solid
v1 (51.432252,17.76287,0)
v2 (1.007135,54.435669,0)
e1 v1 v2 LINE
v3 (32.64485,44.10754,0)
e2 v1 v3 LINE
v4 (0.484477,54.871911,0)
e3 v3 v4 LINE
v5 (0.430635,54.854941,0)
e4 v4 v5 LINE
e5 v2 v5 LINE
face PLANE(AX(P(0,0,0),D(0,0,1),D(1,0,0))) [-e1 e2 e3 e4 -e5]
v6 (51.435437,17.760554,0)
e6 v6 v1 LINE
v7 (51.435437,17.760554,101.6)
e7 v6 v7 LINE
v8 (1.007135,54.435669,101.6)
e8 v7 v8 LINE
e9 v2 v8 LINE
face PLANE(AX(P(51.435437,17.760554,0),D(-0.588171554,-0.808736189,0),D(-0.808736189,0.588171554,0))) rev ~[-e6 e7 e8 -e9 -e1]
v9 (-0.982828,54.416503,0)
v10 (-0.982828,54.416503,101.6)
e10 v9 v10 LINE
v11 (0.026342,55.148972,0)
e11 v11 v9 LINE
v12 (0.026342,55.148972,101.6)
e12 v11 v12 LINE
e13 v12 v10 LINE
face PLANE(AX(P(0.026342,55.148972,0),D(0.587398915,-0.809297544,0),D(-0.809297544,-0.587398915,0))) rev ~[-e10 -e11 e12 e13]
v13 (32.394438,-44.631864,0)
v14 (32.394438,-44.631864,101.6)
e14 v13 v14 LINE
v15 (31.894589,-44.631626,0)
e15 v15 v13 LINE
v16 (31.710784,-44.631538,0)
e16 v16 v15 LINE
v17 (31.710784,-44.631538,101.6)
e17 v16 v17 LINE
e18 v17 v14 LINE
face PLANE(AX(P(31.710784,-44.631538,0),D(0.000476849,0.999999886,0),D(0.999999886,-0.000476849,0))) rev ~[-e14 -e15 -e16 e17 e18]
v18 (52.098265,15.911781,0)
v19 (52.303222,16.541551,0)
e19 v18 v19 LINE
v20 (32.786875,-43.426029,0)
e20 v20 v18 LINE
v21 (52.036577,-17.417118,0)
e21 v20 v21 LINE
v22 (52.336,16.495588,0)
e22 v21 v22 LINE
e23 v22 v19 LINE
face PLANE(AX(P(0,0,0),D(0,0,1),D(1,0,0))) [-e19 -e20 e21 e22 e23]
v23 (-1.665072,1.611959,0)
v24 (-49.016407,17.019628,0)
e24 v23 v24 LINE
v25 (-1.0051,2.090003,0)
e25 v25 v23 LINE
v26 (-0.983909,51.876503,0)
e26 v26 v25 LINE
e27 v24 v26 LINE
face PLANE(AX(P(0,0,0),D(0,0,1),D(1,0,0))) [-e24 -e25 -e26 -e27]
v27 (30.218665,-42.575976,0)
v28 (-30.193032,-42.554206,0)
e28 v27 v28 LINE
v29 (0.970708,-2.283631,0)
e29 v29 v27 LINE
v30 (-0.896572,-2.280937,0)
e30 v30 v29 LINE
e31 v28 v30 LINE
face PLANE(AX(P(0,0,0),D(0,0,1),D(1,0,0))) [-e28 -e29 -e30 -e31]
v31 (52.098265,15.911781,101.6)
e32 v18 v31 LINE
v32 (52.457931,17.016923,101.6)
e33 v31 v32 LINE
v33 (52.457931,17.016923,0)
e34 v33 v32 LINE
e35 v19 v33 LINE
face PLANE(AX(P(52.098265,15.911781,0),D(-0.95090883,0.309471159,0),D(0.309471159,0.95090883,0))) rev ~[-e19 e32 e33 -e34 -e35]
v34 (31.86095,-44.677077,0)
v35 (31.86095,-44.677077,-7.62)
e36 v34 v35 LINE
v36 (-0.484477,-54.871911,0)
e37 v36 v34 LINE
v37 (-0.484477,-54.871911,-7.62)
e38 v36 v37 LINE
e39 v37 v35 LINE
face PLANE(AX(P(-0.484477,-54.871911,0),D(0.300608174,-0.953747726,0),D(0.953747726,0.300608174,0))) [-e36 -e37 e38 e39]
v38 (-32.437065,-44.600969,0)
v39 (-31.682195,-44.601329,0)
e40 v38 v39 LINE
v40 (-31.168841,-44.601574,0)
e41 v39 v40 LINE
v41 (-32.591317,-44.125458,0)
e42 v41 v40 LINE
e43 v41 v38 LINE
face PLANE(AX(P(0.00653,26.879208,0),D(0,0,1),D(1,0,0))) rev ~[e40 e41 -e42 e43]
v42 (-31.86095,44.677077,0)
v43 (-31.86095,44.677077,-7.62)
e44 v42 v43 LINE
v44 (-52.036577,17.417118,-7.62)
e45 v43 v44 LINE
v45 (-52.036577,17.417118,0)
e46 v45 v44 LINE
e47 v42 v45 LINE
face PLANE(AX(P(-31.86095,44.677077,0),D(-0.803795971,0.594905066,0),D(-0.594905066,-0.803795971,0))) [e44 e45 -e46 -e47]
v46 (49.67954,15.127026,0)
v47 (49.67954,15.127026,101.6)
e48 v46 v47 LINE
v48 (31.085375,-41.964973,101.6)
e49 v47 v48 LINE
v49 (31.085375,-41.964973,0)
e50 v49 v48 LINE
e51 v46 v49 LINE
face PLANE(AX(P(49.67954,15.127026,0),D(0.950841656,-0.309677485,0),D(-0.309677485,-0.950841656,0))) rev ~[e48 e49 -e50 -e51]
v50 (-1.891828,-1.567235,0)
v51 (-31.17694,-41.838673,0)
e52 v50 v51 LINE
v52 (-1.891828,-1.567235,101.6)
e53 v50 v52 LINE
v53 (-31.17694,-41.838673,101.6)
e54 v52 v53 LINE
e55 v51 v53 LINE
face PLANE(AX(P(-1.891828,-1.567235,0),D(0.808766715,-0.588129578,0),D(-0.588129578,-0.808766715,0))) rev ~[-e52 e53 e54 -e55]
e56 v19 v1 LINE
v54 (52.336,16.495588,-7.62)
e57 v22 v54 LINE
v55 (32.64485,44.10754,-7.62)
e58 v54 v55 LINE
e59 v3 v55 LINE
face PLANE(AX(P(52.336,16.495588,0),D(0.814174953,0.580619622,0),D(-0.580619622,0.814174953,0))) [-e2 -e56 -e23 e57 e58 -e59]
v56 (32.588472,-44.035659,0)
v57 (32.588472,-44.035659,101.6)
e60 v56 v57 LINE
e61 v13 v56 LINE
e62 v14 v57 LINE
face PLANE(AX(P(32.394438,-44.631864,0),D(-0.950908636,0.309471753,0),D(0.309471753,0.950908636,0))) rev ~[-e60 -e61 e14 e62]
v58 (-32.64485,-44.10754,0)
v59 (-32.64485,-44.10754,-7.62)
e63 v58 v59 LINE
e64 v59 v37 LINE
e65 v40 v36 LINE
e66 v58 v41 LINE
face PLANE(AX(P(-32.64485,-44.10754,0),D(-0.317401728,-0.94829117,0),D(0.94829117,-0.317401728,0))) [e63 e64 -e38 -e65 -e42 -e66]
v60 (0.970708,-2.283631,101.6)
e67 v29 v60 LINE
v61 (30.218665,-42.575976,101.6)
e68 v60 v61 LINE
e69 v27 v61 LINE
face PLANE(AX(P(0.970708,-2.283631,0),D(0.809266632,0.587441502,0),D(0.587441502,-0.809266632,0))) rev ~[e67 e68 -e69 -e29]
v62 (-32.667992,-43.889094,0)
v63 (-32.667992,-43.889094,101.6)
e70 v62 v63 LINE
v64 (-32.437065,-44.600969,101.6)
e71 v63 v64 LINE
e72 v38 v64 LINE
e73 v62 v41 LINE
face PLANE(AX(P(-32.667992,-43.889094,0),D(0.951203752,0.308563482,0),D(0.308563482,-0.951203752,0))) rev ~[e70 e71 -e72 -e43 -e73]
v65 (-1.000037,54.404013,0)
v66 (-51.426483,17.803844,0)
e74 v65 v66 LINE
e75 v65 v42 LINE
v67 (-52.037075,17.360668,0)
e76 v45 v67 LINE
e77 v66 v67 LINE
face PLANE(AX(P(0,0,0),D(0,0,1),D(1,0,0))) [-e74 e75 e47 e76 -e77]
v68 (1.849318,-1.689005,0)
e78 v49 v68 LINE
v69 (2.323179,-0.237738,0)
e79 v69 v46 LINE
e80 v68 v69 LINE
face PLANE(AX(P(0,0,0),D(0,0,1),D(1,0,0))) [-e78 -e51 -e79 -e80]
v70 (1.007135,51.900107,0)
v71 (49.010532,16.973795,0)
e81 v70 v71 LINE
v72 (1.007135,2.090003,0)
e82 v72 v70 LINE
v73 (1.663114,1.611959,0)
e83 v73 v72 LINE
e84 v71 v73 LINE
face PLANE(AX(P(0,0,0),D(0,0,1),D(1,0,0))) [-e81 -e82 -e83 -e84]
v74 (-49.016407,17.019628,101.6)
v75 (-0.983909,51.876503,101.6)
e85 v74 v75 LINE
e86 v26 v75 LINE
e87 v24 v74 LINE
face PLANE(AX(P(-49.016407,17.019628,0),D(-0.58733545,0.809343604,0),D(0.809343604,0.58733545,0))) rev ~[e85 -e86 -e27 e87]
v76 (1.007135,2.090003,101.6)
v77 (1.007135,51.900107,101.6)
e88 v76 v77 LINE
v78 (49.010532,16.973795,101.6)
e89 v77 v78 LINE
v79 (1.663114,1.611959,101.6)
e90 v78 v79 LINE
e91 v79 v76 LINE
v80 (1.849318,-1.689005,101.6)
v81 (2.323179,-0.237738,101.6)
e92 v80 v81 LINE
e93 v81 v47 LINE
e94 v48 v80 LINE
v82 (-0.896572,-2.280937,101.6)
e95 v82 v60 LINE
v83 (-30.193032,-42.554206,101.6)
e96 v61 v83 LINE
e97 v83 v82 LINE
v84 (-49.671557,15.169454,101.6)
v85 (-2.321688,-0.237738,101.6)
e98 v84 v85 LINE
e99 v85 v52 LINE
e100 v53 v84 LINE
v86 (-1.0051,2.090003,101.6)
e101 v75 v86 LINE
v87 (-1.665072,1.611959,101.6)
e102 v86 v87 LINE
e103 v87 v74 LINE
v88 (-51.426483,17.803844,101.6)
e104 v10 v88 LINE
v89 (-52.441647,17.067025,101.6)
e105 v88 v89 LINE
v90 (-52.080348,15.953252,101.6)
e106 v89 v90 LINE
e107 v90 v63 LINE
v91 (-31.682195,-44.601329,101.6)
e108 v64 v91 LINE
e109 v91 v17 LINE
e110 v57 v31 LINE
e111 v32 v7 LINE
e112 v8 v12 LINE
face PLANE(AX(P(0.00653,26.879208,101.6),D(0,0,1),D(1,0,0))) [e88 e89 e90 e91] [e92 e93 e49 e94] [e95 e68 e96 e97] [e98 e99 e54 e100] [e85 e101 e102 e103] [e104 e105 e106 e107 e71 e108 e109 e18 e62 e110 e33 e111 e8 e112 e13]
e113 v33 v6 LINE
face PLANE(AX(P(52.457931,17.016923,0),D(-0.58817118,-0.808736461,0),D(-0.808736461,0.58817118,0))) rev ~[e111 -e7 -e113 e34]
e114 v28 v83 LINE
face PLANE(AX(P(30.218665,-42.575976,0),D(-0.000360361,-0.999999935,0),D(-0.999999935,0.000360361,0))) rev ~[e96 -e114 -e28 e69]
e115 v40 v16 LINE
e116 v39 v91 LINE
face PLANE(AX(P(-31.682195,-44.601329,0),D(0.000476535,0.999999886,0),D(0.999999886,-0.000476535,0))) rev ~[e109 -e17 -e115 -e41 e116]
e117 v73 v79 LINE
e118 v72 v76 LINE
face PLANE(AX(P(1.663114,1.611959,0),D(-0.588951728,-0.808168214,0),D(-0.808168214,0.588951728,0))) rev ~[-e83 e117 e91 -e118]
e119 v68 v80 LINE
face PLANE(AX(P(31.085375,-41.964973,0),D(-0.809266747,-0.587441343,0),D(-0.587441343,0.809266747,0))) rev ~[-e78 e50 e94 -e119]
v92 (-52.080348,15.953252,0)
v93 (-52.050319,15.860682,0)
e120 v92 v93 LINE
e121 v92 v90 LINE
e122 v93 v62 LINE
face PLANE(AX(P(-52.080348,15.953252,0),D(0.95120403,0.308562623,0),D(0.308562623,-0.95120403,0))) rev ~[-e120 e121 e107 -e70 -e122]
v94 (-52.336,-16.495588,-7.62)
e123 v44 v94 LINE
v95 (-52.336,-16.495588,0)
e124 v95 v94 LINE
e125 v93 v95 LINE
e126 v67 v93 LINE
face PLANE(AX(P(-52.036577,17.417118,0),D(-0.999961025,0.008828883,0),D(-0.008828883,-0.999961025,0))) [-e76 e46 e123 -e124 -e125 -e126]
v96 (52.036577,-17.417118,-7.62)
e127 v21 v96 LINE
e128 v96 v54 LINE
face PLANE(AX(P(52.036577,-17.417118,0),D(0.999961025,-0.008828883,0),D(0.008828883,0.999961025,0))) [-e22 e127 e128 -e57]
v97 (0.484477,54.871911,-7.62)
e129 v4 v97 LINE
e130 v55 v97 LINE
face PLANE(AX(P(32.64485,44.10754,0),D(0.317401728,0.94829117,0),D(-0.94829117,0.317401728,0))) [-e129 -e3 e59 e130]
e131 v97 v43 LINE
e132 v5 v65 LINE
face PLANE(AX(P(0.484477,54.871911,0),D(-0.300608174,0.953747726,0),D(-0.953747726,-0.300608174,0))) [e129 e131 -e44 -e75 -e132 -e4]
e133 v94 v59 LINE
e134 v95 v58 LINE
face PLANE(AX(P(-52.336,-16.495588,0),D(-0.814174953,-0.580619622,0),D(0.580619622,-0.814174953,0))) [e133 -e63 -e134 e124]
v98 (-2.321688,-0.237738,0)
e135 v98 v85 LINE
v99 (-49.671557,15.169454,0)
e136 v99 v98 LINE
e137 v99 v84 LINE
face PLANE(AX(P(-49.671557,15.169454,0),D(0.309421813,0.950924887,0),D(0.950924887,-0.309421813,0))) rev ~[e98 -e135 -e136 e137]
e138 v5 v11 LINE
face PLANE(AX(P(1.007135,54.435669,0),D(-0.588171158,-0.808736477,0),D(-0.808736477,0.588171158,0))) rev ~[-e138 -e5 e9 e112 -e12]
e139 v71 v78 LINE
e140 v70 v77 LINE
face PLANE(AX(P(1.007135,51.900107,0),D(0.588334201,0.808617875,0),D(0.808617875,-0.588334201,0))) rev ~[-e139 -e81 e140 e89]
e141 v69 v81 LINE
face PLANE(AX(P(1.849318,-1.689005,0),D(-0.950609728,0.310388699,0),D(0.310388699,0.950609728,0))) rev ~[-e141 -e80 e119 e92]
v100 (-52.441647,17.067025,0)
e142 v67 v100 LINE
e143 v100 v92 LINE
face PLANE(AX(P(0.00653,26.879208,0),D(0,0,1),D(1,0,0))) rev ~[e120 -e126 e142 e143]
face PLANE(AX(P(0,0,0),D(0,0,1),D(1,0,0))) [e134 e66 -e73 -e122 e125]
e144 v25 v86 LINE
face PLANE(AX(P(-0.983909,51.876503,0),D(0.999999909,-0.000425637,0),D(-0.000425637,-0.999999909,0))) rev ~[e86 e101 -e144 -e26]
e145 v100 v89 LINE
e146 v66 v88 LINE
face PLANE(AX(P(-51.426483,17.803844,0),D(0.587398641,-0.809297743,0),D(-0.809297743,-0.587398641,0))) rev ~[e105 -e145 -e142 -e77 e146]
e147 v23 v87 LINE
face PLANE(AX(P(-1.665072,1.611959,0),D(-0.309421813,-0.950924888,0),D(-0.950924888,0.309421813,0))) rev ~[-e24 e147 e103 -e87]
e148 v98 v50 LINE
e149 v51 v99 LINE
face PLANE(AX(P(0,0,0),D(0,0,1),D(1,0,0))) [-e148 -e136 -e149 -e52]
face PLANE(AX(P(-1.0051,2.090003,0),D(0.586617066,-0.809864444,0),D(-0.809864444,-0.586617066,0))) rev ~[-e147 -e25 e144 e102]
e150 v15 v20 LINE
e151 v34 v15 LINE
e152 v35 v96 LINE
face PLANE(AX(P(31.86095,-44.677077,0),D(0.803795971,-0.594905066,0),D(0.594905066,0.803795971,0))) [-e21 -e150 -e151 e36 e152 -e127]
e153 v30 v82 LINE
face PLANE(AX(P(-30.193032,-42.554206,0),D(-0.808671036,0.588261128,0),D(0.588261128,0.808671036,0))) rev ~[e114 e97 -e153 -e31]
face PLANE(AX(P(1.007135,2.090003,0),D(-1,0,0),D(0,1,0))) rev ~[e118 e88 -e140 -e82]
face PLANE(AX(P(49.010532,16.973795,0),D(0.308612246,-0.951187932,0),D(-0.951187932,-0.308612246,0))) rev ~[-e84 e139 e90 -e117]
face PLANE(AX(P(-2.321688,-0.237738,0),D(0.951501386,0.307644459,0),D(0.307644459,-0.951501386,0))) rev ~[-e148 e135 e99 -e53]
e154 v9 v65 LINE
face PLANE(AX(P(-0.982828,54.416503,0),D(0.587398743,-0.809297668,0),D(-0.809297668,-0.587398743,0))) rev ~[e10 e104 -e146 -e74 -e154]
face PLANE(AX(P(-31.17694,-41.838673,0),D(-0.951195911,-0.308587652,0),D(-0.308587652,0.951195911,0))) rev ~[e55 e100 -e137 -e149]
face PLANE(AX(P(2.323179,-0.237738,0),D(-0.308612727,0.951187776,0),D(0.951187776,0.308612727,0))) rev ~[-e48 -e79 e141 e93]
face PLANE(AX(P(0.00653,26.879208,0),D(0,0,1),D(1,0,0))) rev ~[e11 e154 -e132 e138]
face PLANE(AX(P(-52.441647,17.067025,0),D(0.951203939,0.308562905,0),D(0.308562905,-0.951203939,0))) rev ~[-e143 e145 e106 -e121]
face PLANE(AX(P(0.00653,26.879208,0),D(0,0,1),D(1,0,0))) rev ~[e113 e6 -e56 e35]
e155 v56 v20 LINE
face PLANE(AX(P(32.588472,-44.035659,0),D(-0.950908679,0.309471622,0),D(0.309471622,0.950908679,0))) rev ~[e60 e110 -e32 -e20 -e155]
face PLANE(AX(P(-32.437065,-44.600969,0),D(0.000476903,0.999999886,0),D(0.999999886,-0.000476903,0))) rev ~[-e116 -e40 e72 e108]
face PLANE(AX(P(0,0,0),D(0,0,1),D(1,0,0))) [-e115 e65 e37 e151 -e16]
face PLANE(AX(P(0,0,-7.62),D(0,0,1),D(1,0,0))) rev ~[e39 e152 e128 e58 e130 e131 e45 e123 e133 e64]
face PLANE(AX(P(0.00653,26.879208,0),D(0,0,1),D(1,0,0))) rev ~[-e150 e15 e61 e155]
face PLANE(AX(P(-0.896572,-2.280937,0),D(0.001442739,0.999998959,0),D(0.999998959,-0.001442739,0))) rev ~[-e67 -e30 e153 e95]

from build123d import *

# Parameters (mm, degrees)
F1_DEPTH = 101.6
F3_DEPTH = 7.62


with BuildPart() as f1:
    # F0 (on Top) → F1 (new body)
    with BuildSketch(Plane.XY):
        Polygon((1.007135, 2.090003), (1.007135, 51.900107), (-0.983909, 51.876503), (-1.0051, 2.090003), (0.00407, 2.820986), align=None)
        Polygon((52.457931, 17.016923), (51.435437, 17.760554), (49.010532, 16.973795), (49.67954, 15.127026), (52.098265, 15.911781), align=None)
        Polygon((-1.665072, 1.611959), (-49.016407, 17.019628), (-49.671557, 15.169454), (-2.321688, -0.237738), (-2.68166, 0.875603), align=None)
        Polygon((-49.016407, 17.019628), (-51.426483, 17.803844), (-52.441647, 17.067025), (-52.080348, 15.953252), (-49.671557, 15.169454), align=None)
        Polygon((49.67954, 15.127026), (49.010532, 16.973795), (1.663114, 1.611959), (2.684175, 0.867862), (2.323179, -0.237738), align=None)
        Polygon((1.663114, 1.611959), (1.007135, 2.090003), (0.00407, 2.820986), (-1.0051, 2.090003), (-1.665072, 1.611959), (-2.68166, 0.875603), (-2.321688, -0.237738), (-1.891828, -1.567235), (-1.661426, -2.279834), (-0.896572, -2.280937), (0.970708, -2.283631), (1.654842, -2.284618), (1.849318, -1.689005), (2.323179, -0.237738), (2.684175, 0.867862), align=None)
        Polygon((-0.983909, 51.876503), (-0.982828, 54.416503), (-51.426483, 17.803844), (-49.016407, 17.019628), align=None)
        Polygon((51.435437, 17.760554), (1.007135, 54.435669), (1.007135, 51.900107), (49.010532, 16.973795), align=None)
        Polygon((31.710784, -44.631538), (30.218665, -42.575976), (-30.193032, -42.554206), (-31.682195, -44.601329), align=None)
        Polygon((30.218665, -42.575976), (31.085375, -41.964973), (1.849318, -1.689005), (1.654842, -2.284618), (0.970708, -2.283631), align=None)
        Polygon((32.588472, -44.035659), (52.098265, 15.911781), (49.67954, 15.127026), (31.085375, -41.964973), align=None)
        Polygon((-49.671557, 15.169454), (-52.080348, 15.953252), (-32.667992, -43.889094), (-31.17694, -41.838673), align=None)
        Polygon((-1.891828, -1.567235), (-31.17694, -41.838673), (-30.193032, -42.554206), (-0.896572, -2.280937), (-1.661426, -2.279834), align=None)
        Polygon((1.007135, 54.435669), (0.026342, 55.148972), (-0.982828, 54.416503), (-0.983909, 51.876503), (1.007135, 51.900107), align=None)
        Polygon((-31.17694, -41.838673), (-32.667992, -43.889094), (-32.437065, -44.600969), (-31.682195, -44.601329), (-30.193032, -42.554206), align=None)
        Polygon((32.394438, -44.631864), (32.588472, -44.035659), (31.085375, -41.964973), (30.218665, -42.575976), (31.710784, -44.631538), align=None)
    extrude(amount=F1_DEPTH)

    # F2 (on Top) → F3 (join)
    with BuildSketch(Plane.XY):
        Polygon((-0.484477, -54.871911), (31.86095, -44.677077), (52.036577, -17.417118), (52.336, 16.495588), (32.64485, 44.10754), (0.484477, 54.871911), (-31.86095, 44.677077), (-52.036577, 17.417118), (-52.336, -16.495588), (-32.64485, -44.10754), align=None)
    extrude(amount=-F3_DEPTH)


solid = f1.part
